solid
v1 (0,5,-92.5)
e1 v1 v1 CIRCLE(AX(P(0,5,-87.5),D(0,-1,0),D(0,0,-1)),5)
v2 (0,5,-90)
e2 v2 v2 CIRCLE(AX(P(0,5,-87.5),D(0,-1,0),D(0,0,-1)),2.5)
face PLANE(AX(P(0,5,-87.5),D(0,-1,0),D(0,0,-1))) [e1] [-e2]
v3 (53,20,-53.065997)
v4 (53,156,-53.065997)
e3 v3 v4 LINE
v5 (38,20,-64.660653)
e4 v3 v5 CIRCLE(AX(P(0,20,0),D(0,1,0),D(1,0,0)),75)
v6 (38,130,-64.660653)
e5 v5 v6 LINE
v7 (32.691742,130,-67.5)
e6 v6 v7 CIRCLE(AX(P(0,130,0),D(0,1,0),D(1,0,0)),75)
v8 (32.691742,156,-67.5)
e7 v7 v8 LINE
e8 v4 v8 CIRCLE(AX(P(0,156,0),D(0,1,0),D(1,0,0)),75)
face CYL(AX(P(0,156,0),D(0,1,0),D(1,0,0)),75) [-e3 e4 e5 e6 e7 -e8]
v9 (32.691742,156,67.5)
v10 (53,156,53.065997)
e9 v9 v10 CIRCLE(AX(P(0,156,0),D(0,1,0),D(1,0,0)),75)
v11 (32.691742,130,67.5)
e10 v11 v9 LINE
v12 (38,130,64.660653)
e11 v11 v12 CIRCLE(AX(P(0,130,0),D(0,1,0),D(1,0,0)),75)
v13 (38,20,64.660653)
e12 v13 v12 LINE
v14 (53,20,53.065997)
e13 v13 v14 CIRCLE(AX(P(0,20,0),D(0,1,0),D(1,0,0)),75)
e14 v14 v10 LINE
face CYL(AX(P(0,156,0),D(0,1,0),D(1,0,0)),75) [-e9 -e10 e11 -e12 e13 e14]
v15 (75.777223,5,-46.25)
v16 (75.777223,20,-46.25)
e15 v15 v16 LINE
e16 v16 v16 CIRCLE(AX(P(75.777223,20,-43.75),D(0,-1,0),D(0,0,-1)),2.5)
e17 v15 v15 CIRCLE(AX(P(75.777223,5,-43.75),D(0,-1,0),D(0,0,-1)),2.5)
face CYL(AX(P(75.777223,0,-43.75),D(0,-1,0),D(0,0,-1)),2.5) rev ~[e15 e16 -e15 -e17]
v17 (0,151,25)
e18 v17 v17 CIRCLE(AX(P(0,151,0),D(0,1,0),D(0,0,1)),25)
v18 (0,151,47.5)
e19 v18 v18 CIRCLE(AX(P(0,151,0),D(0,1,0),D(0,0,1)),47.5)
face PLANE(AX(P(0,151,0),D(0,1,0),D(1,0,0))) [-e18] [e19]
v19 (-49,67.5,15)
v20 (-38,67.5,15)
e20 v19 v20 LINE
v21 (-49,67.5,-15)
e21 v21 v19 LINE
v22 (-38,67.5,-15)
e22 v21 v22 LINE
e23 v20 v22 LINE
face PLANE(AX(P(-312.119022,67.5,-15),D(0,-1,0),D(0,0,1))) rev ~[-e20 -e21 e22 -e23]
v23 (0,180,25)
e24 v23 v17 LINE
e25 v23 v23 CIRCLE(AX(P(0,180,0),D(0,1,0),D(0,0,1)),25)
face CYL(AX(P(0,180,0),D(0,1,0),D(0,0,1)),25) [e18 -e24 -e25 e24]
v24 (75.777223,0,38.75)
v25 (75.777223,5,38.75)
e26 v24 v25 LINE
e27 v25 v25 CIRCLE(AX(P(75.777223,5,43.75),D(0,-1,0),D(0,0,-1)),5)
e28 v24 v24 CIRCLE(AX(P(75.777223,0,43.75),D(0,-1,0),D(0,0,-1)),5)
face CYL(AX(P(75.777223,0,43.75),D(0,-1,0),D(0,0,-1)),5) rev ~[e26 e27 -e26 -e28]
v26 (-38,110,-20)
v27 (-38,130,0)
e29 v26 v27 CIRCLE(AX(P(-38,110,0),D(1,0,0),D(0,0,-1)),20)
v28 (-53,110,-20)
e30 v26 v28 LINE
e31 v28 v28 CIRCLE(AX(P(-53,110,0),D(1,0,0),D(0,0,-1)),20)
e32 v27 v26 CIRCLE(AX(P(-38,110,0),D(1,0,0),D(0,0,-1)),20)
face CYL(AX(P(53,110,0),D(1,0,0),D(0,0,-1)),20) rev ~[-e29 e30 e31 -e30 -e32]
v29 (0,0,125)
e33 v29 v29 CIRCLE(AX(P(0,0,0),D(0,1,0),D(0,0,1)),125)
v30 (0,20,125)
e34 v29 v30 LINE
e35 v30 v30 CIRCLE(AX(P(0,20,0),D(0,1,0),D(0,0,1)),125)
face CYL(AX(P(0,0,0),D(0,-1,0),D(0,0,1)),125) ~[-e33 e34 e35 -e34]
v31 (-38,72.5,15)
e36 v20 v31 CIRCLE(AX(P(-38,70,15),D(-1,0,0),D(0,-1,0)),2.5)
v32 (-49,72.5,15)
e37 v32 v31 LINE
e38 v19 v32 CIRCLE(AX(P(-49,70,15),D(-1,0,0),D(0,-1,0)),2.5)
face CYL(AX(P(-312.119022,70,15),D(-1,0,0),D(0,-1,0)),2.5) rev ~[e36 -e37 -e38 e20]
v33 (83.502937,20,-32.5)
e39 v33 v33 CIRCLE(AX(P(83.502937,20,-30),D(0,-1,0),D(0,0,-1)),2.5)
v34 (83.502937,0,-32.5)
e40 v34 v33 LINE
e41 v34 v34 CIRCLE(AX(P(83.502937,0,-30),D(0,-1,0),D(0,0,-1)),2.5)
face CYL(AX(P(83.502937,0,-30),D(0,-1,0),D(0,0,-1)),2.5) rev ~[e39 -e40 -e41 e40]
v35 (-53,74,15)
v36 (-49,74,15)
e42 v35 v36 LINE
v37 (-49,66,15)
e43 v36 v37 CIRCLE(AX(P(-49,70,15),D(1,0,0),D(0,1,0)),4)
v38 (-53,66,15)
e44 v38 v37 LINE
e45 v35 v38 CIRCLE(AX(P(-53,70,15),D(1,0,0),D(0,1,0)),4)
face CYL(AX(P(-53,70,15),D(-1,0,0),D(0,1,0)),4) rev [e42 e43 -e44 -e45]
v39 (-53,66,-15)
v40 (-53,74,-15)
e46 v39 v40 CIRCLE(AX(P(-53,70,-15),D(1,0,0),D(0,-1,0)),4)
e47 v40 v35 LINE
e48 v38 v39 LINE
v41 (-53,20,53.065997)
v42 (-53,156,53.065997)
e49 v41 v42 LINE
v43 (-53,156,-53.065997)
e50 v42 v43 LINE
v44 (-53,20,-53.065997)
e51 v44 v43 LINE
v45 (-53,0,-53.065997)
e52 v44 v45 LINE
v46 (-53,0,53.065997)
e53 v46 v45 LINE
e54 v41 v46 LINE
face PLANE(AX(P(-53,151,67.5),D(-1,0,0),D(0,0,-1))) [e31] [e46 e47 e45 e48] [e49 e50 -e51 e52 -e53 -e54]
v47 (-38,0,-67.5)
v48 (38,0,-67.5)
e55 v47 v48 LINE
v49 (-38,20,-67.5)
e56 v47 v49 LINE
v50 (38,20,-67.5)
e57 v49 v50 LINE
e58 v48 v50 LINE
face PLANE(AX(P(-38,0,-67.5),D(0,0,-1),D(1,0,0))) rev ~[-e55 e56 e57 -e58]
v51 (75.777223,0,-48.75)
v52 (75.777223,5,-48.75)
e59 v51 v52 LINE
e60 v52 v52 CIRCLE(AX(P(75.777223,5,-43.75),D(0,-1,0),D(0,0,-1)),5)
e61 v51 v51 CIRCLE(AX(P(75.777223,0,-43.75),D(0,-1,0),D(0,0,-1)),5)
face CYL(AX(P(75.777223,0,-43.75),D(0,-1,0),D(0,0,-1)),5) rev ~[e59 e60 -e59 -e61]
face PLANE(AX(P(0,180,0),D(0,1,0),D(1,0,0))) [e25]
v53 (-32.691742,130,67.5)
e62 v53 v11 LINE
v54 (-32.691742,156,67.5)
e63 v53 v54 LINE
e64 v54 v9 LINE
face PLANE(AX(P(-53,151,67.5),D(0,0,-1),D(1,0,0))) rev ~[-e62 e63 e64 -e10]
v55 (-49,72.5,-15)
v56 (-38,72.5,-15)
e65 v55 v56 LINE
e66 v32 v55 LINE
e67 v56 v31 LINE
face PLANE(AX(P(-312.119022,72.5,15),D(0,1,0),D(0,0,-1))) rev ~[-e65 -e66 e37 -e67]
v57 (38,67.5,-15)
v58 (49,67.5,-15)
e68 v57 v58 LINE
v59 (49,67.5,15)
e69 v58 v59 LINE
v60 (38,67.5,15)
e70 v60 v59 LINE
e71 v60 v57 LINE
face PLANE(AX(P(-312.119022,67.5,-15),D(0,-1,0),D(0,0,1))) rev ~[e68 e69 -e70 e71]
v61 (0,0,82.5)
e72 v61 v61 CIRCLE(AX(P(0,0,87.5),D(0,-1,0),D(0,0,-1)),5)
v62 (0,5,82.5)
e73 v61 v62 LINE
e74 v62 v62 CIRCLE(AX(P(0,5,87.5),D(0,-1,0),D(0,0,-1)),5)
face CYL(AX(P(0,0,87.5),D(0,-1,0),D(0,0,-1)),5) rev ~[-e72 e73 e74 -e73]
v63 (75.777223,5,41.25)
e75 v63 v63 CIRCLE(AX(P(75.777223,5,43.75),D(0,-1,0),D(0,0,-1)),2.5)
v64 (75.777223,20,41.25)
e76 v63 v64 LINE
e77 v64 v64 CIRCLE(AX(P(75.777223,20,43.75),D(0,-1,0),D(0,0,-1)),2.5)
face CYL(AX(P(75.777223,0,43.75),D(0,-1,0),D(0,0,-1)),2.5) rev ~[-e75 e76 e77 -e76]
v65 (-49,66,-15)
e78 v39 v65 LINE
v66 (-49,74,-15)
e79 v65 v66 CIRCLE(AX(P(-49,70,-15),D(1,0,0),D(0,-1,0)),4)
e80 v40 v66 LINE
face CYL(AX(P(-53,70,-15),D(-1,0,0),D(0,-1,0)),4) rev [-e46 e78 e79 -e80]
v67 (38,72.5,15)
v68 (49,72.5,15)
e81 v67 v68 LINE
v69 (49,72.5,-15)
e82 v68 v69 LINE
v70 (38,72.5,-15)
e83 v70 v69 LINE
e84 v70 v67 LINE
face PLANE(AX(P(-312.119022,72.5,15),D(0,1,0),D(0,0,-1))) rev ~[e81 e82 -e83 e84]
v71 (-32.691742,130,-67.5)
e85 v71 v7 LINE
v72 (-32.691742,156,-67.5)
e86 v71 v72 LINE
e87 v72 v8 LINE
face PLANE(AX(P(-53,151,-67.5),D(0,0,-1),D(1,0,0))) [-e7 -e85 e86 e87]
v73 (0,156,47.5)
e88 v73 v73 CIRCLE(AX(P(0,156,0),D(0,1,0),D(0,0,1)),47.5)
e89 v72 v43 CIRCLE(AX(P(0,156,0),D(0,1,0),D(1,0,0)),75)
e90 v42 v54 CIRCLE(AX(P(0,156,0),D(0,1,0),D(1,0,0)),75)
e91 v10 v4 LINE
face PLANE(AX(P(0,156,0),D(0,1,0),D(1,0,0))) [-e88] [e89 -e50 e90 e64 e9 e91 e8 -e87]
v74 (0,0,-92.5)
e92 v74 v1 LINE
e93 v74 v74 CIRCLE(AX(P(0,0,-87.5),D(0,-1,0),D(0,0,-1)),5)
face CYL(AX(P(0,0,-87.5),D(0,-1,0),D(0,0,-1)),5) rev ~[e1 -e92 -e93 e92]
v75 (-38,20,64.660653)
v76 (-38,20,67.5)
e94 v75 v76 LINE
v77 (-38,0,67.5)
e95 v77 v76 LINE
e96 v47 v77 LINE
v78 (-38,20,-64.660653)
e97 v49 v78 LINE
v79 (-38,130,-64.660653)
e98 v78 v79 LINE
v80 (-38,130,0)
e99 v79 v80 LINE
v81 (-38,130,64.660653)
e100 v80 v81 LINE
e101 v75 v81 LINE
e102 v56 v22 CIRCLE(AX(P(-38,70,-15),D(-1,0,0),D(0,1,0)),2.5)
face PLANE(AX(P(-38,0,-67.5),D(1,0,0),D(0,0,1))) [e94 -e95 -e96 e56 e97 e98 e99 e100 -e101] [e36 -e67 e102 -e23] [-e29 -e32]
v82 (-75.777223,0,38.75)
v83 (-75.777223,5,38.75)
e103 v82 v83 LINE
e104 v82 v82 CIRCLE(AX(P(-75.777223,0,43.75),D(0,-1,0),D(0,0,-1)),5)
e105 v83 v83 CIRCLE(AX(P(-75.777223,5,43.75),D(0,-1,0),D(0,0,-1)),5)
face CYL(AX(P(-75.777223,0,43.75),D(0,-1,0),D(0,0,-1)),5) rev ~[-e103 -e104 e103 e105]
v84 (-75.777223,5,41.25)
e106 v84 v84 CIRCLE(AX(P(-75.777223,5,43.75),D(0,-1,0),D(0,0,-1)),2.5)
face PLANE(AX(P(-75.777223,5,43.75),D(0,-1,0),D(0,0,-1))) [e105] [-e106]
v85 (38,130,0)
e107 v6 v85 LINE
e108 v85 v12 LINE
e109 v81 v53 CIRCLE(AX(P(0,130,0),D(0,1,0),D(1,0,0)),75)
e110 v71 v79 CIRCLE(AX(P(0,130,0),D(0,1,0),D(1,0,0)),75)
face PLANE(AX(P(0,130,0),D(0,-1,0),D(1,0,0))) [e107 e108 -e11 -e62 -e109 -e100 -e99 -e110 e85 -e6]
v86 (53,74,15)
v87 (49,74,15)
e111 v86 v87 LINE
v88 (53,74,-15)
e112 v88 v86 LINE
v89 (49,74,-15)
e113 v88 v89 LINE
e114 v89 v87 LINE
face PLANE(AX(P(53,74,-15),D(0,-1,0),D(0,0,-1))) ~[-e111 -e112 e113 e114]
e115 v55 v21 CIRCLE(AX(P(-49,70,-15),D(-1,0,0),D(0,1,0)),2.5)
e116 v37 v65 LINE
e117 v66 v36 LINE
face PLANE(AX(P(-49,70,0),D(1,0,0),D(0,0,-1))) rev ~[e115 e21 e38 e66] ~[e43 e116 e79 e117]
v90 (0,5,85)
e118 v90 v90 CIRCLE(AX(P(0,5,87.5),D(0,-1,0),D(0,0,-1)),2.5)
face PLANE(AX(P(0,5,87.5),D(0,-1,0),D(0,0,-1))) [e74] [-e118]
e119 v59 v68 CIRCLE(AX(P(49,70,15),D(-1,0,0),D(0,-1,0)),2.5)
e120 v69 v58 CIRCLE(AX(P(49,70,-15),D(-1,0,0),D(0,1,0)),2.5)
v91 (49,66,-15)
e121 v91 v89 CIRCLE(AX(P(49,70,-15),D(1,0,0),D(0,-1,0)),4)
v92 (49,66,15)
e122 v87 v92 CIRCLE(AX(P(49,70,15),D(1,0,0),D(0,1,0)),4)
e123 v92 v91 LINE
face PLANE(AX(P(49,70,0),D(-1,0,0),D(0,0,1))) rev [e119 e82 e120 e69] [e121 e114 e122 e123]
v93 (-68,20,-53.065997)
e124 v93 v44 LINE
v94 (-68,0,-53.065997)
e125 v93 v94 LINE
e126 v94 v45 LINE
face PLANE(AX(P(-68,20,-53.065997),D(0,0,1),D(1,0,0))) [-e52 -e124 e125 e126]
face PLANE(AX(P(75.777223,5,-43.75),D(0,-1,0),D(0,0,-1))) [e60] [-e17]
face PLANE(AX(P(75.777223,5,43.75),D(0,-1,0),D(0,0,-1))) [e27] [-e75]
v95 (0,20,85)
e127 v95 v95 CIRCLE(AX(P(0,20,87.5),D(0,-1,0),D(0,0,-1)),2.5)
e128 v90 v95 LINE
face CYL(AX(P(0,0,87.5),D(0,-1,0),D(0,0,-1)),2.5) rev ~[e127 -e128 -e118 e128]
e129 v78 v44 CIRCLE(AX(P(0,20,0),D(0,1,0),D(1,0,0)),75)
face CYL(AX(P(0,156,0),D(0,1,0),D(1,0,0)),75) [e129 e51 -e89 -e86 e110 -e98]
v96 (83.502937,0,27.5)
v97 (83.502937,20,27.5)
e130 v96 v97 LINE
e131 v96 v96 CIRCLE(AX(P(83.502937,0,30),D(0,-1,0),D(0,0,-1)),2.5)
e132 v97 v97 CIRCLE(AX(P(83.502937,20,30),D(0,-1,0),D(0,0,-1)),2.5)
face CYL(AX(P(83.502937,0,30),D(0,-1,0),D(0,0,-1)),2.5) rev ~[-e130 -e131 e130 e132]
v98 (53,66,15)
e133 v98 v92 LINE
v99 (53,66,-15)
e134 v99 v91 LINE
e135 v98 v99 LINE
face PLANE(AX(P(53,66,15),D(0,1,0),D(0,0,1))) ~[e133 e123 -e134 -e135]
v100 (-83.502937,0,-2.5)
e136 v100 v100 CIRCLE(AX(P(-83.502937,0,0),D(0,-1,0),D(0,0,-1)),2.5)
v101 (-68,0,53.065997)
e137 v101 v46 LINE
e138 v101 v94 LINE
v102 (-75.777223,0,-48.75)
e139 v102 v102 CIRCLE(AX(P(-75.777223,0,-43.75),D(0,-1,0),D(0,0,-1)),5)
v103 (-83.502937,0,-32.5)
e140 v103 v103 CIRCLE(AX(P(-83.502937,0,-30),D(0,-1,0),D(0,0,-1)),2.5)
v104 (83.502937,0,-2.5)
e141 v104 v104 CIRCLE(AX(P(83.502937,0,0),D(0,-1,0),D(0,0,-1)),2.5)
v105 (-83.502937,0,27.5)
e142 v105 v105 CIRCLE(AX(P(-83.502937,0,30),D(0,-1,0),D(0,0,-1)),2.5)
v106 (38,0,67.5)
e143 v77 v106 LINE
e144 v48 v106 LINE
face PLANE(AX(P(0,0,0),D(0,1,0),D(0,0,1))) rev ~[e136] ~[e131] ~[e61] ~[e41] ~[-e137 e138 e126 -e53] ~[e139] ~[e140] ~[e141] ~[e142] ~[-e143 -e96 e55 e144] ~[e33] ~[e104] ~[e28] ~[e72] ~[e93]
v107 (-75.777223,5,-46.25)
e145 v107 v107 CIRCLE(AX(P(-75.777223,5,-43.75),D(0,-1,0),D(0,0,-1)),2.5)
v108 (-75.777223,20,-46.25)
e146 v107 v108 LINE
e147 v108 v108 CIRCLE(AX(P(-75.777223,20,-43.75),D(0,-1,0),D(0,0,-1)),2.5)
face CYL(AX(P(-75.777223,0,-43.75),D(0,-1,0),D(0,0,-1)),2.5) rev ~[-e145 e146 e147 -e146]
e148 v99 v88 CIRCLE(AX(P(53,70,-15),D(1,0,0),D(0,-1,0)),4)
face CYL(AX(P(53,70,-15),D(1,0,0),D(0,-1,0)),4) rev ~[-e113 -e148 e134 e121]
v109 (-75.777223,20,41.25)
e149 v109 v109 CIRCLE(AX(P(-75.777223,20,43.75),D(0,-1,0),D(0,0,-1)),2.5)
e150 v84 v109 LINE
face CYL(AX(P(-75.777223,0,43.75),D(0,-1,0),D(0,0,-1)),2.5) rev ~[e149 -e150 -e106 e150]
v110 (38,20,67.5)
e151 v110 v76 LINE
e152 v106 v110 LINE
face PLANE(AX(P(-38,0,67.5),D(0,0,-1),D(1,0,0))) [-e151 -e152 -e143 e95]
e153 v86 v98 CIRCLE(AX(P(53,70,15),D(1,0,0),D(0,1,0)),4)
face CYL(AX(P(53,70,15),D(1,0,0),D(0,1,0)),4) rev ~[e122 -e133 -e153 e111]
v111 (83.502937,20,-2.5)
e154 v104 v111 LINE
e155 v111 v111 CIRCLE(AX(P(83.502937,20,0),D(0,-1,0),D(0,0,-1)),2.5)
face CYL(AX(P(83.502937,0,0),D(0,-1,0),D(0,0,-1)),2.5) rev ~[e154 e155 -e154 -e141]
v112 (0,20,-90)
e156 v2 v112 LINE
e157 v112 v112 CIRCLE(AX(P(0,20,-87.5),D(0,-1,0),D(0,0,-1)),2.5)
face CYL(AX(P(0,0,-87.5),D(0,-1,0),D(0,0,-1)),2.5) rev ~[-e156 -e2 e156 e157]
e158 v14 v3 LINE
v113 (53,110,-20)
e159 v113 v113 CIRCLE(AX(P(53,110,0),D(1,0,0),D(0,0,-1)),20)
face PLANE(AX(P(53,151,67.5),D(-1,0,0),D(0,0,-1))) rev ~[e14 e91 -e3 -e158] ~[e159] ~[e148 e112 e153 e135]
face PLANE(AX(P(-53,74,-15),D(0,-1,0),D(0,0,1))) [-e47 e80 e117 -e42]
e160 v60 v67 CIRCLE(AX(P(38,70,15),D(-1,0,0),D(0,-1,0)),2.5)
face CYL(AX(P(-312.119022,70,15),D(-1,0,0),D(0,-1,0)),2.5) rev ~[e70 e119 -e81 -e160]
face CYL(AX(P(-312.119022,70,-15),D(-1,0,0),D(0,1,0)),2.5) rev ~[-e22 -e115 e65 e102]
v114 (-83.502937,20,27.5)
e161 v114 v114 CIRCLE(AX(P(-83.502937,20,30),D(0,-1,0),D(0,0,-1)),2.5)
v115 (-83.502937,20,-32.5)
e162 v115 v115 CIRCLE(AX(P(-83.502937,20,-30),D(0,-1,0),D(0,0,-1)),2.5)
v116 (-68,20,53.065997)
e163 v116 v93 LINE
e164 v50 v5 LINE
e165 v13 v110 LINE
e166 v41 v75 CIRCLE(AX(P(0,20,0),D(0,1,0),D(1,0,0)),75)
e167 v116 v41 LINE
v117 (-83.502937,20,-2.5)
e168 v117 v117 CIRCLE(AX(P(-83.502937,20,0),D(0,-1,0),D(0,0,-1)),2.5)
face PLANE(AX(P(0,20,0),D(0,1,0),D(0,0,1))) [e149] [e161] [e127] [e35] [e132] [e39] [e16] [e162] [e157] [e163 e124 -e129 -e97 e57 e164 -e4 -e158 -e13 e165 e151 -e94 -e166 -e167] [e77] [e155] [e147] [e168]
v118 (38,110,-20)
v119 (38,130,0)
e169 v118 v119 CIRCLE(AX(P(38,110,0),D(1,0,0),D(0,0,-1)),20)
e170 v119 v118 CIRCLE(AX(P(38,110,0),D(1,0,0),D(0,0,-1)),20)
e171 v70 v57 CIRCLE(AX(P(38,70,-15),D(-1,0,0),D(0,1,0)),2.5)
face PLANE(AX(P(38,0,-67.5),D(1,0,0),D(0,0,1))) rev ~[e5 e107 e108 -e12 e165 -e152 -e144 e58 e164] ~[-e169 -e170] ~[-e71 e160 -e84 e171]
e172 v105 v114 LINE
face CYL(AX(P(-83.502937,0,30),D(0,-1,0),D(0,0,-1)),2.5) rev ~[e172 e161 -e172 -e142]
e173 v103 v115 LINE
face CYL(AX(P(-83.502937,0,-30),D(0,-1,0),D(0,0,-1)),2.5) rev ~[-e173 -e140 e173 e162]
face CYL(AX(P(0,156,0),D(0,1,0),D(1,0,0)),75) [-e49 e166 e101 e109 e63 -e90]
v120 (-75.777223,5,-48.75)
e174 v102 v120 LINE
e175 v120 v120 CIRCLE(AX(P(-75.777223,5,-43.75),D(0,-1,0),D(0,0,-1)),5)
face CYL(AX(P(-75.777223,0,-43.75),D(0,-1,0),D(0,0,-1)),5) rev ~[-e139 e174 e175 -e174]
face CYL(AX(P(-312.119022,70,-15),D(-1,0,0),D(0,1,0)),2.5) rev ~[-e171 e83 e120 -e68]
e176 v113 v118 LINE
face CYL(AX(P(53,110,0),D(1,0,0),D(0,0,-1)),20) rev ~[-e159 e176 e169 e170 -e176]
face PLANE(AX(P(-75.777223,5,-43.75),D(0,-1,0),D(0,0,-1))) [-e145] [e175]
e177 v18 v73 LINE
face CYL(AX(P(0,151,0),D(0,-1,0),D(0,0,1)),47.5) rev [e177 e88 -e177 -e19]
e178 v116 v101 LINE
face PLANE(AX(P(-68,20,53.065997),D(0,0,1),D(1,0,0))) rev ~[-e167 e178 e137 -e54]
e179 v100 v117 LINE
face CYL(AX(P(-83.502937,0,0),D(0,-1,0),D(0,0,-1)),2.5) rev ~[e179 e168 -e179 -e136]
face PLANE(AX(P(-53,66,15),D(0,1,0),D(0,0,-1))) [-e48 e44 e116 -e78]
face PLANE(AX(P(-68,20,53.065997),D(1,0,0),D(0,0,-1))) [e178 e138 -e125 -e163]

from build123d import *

# Parameters (mm, degrees)
SKETCH1_R                = 125
BOSS_EXTRUDE1_DEPTH      = 20
SKETCH2_W                = 106
SKETCH2_H                = 135
BOSS_EXTRUDE2_DEPTH      = 160
SKETCH5_R                = 20
CUT_EXTRUDE2_DEPTH       = 283.327823638
SKETCH6_W                = 76
SKETCH6_H                = 135
CUT_EXTRUDE3_DEPTH       = 130
SKETCH7_W                = 106
SKETCH7_H                = 135
SKETCH7_R                = 25
CUT_EXTRUDE5_DEPTH       = 29
SKETCH10_W               = 106
SKETCH10_H               = 135
SKETCH10_R               = 47.5
BOSS_EXTRUDE4_DEPTH      = 5
SKETCH11_R               = 2.5
CUT_EXTRUDE6_DEPTH       = 253.289516231
SKETCH12_R               = 2.5
CUT_EXTRUDE7_DEPTH       = 253.289516231
SKETCH13_R               = 5
CUT_EXTRUDE8_DEPTH       = 5
CUT_EXTRUDE10_REACH      = 237.767
SKETCH14_R               = 94.455144731
SKETCH14_R_2             = 75
SKETCH15_W               = 15
SKETCH15_H               = 106.131993292
CUT_EXTRUDE11_DEPTH      = 20
CUT_EXTRUDE12_DEPTH      = 274.119021674
CUT_EXTRUDE12_DEPTH_BACK = 274.119021674
CUT_EXTRUDE13_DEPTH      = 4


with BuildPart() as part:
    # Sketch1 → Boss-Extrude1 (new body)
    with BuildSketch(Plane(origin=(0, 0, 0), x_dir=(1, 0, 0), z_dir=(0, 1, 0))):
        with Locations(Location((0, 0, 0), (0, 0, 270))):
            Circle(SKETCH1_R)
    extrude(amount=BOSS_EXTRUDE1_DEPTH)

    # Sketch2 → Boss-Extrude2 (add)
    with BuildSketch(Plane(origin=(0, 20, 0), x_dir=(1, 0, 0), z_dir=(0, 1, 0))):
        Rectangle(SKETCH2_W, SKETCH2_H)
    extrude(amount=BOSS_EXTRUDE2_DEPTH)

    # Sketch5 → Cut-Extrude2 (cut, through all)
    with BuildSketch(Plane(origin=(53, 0, 0), x_dir=(0, 0, -1), z_dir=(1, 0, 0))):
        with Locations((0, 110)):
            Circle(SKETCH5_R)
    extrude(amount=-CUT_EXTRUDE2_DEPTH, mode=Mode.SUBTRACT)

    # Sketch6 → Cut-Extrude3 (cut)
    with BuildSketch(Plane.XZ):
        Rectangle(SKETCH6_W, SKETCH6_H)
    extrude(amount=-CUT_EXTRUDE3_DEPTH, mode=Mode.SUBTRACT)

    # Sketch7 → Cut-Extrude5 (cut)
    with BuildSketch(Plane(origin=(0, 180, 0), x_dir=(1, 0, 0), z_dir=(0, 1, 0))):
        Rectangle(SKETCH7_W, SKETCH7_H)
        with Locations(Location((0, 0, 0), (0, 0, 270))):
            Circle(SKETCH7_R, mode=Mode.SUBTRACT)
    extrude(amount=-CUT_EXTRUDE5_DEPTH, mode=Mode.SUBTRACT)

    # Sketch10 → Boss-Extrude4 (add)
    with BuildSketch(Plane(origin=(0, 151, 0), x_dir=(1, 0, 0), z_dir=(0, 1, 0))):
        Rectangle(SKETCH10_W, SKETCH10_H)
        with Locations(Location((0, 0, 0), (0, 0, 270))):
            Circle(SKETCH10_R, mode=Mode.SUBTRACT)
    extrude(amount=BOSS_EXTRUDE4_DEPTH)

    # Sketch11 → Cut-Extrude6 (cut, through all)
    with BuildSketch(Plane(origin=(0, 0, 0), x_dir=(-1, 0, 0), z_dir=(0, -1, 0))):
        with Locations(Location((83.502937015, 0, 0), (0, 0, 90))):
            Circle(SKETCH11_R)
        with Locations(Location((-83.502937015, 0, 0), (0, 0, 90))):
            Circle(SKETCH11_R)
        with Locations(Location((83.502937015, -30, 0), (0, 0, 90))):
            Circle(SKETCH11_R)
        with Locations(Location((83.502937015, 30, 0), (0, 0, 90))):
            Circle(SKETCH11_R)
        with Locations(Location((-83.502937015, 30, 0), (0, 0, 90))):
            Circle(SKETCH11_R)
        with Locations(Location((-83.502937015, -30, 0), (0, 0, 90))):
            Circle(SKETCH11_R)
    extrude(amount=-CUT_EXTRUDE6_DEPTH, mode=Mode.SUBTRACT)

    # Sketch12 → Cut-Extrude7 (cut, through all)
    with BuildSketch(Plane(origin=(0, 0, 0), x_dir=(-1, 0, 0), z_dir=(0, -1, 0))):
        with Locations(Location((0, 87.5, 0), (0, 0, 90))):
            Circle(SKETCH12_R)
        with Locations(Location((75.777222831, 43.75, 0), (0, 0, 90))):
            Circle(SKETCH12_R)
        with Locations(Location((75.777222831, -43.75, 0), (0, 0, 90))):
            Circle(SKETCH12_R)
        with Locations(Location((0, -87.5, 0), (0, 0, 90))):
            Circle(SKETCH12_R)
        with Locations(Location((-75.777222831, -43.75, 0), (0, 0, 90))):
            Circle(SKETCH12_R)
        with Locations(Location((-75.777222831, 43.75, 0), (0, 0, 90))):
            Circle(SKETCH12_R)
    extrude(amount=-CUT_EXTRUDE7_DEPTH, mode=Mode.SUBTRACT)

    # Sketch13 → Cut-Extrude8 (cut)
    with BuildSketch(Plane(origin=(0, 0, 0), x_dir=(-1, 0, 0), z_dir=(0, -1, 0))):
        with Locations(Location((0, -87.5, 0), (0, 0, 90))):
            Circle(SKETCH13_R)
        with Locations(Location((-75.777222831, -43.75, 0), (0, 0, 90))):
            Circle(SKETCH13_R)
        with Locations(Location((-75.777222831, 43.75, 0), (0, 0, 90))):
            Circle(SKETCH13_R)
        with Locations(Location((0, 87.5, 0), (0, 0, 90))):
            Circle(SKETCH13_R)
        with Locations(Location((75.777222831, 43.75, 0), (0, 0, 90))):
            Circle(SKETCH13_R)
        with Locations(Location((75.777222831, -43.75, 0), (0, 0, 90))):
            Circle(SKETCH13_R)
    extrude(amount=-CUT_EXTRUDE8_DEPTH, mode=Mode.SUBTRACT)

    # Cut-Extrude10: up to this face of the body (flat: up to its plane)
    cut_extrude10_end = Plane(part.part.faces().sort_by_distance((0, 20, -121.464466094))[0])
    # Sketch14 → Cut-Extrude10 (cut, up to the picked face)
    with BuildSketch(Plane(origin=(0, 156, 0), x_dir=(1, 0, 0), z_dir=(0, 1, 0)), mode=Mode.PRIVATE) as cut_extrude10_sk1:
        Circle(SKETCH14_R)
        Circle(SKETCH14_R_2, mode=Mode.SUBTRACT)
    cut_extrude10_tool1 = split(extrude(cut_extrude10_sk1.sketch, amount=-CUT_EXTRUDE10_REACH, mode=Mode.PRIVATE), bisect_by=cut_extrude10_end, keep=Keep.BOTH, mode=Mode.PRIVATE)
    add(cut_extrude10_tool1.solids().sort_by(Axis((-91.78355, 156, 0), (0, -1, 0)))[0], mode=Mode.SUBTRACT)

    # Sketch15 → Cut-Extrude11 (cut)
    with BuildSketch(Plane(origin=(0, 20, 0), x_dir=(1, 0, 0), z_dir=(0, 1, 0))):
        with Locations((-60.5, 0)):
            Rectangle(SKETCH15_W, SKETCH15_H)
    extrude(amount=-CUT_EXTRUDE11_DEPTH, mode=Mode.SUBTRACT)

    # Sketch16 → Cut-Extrude12 (cut, two sides: drawn at the far end of the back side and taken through both)
    with BuildSketch(Plane(origin=(-38, 0, 0), x_dir=(0, 0, -1), z_dir=(1, 0, 0)).offset(-CUT_EXTRUDE12_DEPTH_BACK)):
        with BuildLine():
            Line((-15, 72.5), (15, 72.5))
            ThreePointArc((15, 72.5), (17.5, 70), (15, 67.5))
            Line((15, 67.5), (-15, 67.5))
            ThreePointArc((-15, 67.5), (-17.5, 70), (-15, 72.5))
        make_face()
    extrude(amount=CUT_EXTRUDE12_DEPTH + CUT_EXTRUDE12_DEPTH_BACK, mode=Mode.SUBTRACT)

    # Sketch17 → Cut-Extrude13 (cut)
    with BuildSketch(Plane.ZY.offset(53)):
        with BuildLine():
            Line((-15, 74), (15, 74))
            ThreePointArc((15, 74), (19, 70), (15, 66))
            Line((15, 66), (-15, 66))
            ThreePointArc((-15, 66), (-19, 70), (-15, 74))
        make_face()
    cut_extrude13 = extrude(amount=-CUT_EXTRUDE13_DEPTH, mode=Mode.SUBTRACT)

    # Mirror1: Cut-Extrude13 across plane
    add(cut_extrude13.mirror(Plane(origin=(0, 0, 0), x_dir=(0, 0, 1), z_dir=(1, 0, 0))), mode=Mode.SUBTRACT)


solid = part.part
